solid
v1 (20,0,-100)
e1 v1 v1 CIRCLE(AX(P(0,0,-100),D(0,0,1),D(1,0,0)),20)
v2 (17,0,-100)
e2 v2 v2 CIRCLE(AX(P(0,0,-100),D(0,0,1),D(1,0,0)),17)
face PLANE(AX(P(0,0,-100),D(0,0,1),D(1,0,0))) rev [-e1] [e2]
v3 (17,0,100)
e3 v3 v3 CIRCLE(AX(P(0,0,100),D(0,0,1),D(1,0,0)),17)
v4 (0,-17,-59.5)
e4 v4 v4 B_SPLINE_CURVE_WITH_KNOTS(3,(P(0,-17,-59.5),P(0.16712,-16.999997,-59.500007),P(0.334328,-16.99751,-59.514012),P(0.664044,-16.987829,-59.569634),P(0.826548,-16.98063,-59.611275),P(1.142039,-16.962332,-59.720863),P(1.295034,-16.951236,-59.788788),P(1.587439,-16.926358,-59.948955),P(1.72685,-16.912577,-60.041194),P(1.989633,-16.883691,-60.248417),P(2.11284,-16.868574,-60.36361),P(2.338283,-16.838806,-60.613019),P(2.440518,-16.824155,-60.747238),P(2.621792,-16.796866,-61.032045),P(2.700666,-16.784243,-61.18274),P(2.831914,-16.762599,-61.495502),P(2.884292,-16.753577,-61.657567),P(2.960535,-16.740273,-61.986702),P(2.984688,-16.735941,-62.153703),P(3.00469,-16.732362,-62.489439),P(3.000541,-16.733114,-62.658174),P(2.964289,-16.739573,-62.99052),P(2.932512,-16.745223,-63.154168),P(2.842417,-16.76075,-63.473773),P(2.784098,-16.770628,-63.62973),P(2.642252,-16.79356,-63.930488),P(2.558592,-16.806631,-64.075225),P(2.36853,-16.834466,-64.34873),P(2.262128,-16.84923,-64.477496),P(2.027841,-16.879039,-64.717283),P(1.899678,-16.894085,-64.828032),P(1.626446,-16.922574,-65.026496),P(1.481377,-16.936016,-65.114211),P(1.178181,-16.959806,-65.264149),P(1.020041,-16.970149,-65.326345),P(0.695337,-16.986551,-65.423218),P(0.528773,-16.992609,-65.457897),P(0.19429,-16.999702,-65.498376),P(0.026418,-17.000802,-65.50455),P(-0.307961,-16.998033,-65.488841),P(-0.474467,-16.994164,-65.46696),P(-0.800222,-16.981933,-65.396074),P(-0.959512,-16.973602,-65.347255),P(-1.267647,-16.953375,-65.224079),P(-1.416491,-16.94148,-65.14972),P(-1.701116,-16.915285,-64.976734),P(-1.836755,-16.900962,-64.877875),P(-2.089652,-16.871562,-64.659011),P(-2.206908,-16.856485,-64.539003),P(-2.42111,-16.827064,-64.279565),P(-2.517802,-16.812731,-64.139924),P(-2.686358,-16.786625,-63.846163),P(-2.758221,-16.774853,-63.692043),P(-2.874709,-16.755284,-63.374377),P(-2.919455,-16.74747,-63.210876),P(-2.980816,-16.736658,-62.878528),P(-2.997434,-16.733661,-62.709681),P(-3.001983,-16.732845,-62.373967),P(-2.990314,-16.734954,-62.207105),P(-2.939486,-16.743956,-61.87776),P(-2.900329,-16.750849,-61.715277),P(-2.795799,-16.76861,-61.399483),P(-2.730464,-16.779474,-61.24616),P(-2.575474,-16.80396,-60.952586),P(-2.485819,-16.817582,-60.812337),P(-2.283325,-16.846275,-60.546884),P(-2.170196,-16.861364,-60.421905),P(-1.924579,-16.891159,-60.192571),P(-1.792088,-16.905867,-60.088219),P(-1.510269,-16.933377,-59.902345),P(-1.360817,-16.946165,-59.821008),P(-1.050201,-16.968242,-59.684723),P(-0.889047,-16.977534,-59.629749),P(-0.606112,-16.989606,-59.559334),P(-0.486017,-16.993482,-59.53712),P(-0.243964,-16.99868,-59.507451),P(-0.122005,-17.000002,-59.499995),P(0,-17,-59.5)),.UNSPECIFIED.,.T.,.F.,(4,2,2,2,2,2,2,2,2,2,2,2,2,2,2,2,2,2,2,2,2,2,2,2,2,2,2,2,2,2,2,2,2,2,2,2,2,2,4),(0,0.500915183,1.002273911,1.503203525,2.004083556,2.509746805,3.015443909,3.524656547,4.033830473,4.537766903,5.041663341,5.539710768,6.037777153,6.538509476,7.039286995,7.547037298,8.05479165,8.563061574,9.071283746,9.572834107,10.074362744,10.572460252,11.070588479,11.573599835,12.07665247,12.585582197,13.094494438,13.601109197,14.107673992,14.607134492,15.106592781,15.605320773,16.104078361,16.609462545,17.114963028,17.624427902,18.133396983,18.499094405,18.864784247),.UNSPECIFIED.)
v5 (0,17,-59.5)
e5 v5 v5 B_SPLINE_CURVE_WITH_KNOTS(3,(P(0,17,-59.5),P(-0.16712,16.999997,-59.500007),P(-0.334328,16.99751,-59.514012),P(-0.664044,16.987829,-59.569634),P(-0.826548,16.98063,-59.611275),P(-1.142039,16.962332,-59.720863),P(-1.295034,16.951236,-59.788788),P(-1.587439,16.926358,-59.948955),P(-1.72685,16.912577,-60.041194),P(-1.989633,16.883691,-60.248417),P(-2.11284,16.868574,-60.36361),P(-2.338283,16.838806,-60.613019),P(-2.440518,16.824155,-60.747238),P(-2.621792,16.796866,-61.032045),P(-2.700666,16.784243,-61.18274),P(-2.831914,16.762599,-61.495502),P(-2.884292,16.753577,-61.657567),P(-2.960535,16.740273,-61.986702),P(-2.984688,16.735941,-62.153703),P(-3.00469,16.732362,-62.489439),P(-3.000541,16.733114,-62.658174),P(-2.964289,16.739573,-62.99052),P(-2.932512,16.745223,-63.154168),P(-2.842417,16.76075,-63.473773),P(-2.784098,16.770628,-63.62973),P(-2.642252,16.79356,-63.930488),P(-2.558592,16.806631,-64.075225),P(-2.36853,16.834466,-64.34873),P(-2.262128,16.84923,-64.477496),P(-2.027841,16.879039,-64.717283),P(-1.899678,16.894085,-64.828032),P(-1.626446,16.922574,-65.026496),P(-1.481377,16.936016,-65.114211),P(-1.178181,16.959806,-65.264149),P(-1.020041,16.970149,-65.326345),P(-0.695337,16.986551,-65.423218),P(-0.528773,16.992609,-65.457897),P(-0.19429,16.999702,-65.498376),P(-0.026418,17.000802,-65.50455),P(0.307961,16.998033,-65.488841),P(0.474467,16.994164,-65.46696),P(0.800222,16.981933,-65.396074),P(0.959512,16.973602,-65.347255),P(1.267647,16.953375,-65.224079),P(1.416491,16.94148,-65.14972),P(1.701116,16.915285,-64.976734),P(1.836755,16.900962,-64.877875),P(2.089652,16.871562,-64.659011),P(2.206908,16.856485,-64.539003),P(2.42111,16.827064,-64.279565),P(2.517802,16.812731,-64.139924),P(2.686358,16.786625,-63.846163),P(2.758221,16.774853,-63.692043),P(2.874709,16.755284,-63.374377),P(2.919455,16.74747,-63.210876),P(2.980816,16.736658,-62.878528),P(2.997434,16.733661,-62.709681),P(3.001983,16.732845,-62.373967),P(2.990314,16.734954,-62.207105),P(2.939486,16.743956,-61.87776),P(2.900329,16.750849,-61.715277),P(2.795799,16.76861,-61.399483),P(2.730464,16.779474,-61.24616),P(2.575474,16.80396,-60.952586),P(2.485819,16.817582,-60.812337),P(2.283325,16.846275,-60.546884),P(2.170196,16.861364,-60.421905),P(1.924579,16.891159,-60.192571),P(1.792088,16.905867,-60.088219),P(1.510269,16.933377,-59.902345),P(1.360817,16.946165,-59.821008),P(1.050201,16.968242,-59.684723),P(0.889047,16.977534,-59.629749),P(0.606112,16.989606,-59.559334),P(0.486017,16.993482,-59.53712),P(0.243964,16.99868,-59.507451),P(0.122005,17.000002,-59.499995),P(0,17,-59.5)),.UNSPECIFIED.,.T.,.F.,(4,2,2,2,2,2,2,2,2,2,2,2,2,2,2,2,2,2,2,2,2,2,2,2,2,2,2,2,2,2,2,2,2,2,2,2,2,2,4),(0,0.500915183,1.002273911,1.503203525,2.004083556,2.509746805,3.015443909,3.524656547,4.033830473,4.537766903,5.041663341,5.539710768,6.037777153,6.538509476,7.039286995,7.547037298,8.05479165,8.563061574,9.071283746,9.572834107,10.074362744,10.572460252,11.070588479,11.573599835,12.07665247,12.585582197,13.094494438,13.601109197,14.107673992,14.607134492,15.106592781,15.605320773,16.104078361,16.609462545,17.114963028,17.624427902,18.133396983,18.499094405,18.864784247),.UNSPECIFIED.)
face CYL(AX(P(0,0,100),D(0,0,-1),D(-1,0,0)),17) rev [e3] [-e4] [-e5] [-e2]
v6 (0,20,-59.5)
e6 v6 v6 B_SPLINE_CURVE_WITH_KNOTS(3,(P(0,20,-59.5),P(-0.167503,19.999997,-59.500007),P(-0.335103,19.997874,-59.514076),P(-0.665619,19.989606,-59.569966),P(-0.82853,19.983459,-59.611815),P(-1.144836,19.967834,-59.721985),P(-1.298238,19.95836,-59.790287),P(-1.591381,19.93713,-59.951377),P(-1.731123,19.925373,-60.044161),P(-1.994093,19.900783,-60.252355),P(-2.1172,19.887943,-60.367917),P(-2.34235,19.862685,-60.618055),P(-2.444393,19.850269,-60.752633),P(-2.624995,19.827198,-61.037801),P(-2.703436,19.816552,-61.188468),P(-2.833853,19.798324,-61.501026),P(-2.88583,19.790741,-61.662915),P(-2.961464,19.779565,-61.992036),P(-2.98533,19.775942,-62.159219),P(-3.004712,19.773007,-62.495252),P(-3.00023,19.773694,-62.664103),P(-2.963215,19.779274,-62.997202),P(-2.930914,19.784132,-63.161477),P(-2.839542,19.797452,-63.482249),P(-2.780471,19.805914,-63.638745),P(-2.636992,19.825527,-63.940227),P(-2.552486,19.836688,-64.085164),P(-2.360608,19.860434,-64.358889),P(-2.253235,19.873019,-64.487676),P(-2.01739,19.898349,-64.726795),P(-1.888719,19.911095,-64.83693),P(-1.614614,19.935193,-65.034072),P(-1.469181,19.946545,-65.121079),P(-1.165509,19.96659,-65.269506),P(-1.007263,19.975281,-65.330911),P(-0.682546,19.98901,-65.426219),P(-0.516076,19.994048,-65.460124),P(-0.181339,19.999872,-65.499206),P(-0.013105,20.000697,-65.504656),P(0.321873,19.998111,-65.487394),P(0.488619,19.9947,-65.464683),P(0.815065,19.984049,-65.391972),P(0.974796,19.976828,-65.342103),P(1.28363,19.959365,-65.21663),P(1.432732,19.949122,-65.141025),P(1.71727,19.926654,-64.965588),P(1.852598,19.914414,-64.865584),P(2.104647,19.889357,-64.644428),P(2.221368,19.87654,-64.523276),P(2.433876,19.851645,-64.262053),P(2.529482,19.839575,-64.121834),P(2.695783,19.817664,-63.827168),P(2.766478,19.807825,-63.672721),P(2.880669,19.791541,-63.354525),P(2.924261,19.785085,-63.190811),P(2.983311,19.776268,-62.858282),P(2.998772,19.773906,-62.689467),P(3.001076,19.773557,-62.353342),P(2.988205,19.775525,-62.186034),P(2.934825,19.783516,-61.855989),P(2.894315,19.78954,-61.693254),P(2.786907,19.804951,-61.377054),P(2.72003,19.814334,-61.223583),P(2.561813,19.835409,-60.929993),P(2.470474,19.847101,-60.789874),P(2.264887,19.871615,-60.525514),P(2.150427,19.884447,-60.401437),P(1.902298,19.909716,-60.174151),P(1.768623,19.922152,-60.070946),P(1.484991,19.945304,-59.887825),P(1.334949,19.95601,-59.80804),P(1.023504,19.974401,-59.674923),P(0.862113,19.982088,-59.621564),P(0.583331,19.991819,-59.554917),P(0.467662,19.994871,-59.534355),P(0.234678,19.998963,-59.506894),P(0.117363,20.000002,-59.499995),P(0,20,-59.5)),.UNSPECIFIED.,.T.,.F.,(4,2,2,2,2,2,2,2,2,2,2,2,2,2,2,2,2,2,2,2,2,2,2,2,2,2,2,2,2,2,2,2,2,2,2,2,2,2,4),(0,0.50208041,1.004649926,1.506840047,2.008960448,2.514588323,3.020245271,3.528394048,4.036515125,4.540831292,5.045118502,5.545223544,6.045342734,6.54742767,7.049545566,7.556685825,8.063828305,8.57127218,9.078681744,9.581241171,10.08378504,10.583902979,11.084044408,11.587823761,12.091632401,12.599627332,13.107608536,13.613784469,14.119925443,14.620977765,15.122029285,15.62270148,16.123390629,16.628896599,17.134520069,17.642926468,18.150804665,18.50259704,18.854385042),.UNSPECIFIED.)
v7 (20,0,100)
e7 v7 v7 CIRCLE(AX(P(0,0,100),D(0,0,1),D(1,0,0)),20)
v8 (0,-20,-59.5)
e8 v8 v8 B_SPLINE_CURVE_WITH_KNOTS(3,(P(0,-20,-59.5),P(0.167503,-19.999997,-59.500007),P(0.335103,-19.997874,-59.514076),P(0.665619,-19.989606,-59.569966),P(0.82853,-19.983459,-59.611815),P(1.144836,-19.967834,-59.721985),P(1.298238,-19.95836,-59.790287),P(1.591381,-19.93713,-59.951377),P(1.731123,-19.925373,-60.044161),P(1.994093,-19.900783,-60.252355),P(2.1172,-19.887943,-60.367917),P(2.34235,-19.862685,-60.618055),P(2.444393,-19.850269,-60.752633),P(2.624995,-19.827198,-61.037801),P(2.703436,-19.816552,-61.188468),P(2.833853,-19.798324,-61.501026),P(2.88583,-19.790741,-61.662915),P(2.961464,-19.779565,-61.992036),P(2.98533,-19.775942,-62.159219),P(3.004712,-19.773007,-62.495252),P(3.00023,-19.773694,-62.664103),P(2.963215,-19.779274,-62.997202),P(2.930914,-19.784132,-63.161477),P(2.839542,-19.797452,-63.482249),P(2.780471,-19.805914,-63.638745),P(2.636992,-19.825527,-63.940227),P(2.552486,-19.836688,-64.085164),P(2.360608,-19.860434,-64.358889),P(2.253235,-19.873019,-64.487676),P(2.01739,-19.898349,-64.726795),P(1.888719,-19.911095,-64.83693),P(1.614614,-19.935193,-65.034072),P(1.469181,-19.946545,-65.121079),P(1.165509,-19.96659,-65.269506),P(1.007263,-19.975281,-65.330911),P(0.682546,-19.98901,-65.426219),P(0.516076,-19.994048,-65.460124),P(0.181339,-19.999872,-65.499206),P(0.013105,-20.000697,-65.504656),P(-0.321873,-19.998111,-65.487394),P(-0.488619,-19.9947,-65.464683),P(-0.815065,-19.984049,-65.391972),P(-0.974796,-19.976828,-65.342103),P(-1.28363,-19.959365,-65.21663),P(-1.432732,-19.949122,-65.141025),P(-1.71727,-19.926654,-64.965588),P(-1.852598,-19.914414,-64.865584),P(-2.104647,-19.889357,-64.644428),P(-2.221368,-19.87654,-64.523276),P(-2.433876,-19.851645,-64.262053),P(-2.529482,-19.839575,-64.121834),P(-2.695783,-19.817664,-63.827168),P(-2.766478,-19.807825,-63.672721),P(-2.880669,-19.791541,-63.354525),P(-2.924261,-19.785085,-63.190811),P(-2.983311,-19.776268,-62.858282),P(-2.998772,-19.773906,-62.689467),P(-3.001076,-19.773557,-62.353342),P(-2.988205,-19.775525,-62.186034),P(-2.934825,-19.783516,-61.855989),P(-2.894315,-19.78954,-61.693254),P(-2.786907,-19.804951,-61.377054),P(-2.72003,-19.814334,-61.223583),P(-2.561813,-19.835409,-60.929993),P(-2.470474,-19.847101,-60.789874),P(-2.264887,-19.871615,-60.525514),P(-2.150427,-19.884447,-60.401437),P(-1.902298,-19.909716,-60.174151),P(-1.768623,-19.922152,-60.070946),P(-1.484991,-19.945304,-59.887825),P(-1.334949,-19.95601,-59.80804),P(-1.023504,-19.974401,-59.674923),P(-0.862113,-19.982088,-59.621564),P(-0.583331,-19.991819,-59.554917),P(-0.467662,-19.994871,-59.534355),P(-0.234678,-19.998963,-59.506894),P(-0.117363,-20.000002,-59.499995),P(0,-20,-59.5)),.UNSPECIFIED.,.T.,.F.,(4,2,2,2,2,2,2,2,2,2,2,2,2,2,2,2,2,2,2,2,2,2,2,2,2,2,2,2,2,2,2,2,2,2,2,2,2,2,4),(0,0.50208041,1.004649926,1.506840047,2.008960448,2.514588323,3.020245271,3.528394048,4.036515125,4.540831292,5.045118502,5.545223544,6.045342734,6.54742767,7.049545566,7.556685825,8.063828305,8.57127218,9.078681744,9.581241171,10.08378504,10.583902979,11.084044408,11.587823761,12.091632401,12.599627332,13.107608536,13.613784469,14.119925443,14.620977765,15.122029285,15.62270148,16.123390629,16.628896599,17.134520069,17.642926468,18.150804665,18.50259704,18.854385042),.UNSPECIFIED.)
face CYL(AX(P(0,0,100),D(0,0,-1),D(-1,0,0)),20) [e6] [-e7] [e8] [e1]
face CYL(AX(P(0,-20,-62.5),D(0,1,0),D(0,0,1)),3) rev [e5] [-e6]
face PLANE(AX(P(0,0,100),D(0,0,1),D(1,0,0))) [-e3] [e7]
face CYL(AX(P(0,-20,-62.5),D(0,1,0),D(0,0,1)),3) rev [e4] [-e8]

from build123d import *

# Parameters (mm, degrees)
SKETCH1_R               = 20
SKETCH1_R_2             = 17
BOSS_EXTRUDE1_DEPTH     = 100
CUT_EXTRUDE1_DEPTH      = 104.923048454
CUT_EXTRUDE1_DEPTH_BACK = 104.923048454
SKETCH2_R               = 3


with BuildPart() as part:
    # Sketch1 → Boss-Extrude1 (new, symmetric)
    with BuildSketch(Plane.XY):
        Circle(SKETCH1_R)
        Circle(SKETCH1_R_2, mode=Mode.SUBTRACT)
    extrude(amount=BOSS_EXTRUDE1_DEPTH, both=True)

    # Sketch2 → Cut-Extrude1 (cut, two sides: drawn at the far end of the back side and taken through both)
    with BuildSketch(Plane(origin=(0, 0, 0), x_dir=(1, 0, 0), z_dir=(0, 1, 0)).offset(-CUT_EXTRUDE1_DEPTH_BACK)):
        with Locations(Location((0, 62.5, 0), (0, 0, 270))):
            Circle(SKETCH2_R)
    extrude(amount=CUT_EXTRUDE1_DEPTH + CUT_EXTRUDE1_DEPTH_BACK, mode=Mode.SUBTRACT)


solid = part.part
